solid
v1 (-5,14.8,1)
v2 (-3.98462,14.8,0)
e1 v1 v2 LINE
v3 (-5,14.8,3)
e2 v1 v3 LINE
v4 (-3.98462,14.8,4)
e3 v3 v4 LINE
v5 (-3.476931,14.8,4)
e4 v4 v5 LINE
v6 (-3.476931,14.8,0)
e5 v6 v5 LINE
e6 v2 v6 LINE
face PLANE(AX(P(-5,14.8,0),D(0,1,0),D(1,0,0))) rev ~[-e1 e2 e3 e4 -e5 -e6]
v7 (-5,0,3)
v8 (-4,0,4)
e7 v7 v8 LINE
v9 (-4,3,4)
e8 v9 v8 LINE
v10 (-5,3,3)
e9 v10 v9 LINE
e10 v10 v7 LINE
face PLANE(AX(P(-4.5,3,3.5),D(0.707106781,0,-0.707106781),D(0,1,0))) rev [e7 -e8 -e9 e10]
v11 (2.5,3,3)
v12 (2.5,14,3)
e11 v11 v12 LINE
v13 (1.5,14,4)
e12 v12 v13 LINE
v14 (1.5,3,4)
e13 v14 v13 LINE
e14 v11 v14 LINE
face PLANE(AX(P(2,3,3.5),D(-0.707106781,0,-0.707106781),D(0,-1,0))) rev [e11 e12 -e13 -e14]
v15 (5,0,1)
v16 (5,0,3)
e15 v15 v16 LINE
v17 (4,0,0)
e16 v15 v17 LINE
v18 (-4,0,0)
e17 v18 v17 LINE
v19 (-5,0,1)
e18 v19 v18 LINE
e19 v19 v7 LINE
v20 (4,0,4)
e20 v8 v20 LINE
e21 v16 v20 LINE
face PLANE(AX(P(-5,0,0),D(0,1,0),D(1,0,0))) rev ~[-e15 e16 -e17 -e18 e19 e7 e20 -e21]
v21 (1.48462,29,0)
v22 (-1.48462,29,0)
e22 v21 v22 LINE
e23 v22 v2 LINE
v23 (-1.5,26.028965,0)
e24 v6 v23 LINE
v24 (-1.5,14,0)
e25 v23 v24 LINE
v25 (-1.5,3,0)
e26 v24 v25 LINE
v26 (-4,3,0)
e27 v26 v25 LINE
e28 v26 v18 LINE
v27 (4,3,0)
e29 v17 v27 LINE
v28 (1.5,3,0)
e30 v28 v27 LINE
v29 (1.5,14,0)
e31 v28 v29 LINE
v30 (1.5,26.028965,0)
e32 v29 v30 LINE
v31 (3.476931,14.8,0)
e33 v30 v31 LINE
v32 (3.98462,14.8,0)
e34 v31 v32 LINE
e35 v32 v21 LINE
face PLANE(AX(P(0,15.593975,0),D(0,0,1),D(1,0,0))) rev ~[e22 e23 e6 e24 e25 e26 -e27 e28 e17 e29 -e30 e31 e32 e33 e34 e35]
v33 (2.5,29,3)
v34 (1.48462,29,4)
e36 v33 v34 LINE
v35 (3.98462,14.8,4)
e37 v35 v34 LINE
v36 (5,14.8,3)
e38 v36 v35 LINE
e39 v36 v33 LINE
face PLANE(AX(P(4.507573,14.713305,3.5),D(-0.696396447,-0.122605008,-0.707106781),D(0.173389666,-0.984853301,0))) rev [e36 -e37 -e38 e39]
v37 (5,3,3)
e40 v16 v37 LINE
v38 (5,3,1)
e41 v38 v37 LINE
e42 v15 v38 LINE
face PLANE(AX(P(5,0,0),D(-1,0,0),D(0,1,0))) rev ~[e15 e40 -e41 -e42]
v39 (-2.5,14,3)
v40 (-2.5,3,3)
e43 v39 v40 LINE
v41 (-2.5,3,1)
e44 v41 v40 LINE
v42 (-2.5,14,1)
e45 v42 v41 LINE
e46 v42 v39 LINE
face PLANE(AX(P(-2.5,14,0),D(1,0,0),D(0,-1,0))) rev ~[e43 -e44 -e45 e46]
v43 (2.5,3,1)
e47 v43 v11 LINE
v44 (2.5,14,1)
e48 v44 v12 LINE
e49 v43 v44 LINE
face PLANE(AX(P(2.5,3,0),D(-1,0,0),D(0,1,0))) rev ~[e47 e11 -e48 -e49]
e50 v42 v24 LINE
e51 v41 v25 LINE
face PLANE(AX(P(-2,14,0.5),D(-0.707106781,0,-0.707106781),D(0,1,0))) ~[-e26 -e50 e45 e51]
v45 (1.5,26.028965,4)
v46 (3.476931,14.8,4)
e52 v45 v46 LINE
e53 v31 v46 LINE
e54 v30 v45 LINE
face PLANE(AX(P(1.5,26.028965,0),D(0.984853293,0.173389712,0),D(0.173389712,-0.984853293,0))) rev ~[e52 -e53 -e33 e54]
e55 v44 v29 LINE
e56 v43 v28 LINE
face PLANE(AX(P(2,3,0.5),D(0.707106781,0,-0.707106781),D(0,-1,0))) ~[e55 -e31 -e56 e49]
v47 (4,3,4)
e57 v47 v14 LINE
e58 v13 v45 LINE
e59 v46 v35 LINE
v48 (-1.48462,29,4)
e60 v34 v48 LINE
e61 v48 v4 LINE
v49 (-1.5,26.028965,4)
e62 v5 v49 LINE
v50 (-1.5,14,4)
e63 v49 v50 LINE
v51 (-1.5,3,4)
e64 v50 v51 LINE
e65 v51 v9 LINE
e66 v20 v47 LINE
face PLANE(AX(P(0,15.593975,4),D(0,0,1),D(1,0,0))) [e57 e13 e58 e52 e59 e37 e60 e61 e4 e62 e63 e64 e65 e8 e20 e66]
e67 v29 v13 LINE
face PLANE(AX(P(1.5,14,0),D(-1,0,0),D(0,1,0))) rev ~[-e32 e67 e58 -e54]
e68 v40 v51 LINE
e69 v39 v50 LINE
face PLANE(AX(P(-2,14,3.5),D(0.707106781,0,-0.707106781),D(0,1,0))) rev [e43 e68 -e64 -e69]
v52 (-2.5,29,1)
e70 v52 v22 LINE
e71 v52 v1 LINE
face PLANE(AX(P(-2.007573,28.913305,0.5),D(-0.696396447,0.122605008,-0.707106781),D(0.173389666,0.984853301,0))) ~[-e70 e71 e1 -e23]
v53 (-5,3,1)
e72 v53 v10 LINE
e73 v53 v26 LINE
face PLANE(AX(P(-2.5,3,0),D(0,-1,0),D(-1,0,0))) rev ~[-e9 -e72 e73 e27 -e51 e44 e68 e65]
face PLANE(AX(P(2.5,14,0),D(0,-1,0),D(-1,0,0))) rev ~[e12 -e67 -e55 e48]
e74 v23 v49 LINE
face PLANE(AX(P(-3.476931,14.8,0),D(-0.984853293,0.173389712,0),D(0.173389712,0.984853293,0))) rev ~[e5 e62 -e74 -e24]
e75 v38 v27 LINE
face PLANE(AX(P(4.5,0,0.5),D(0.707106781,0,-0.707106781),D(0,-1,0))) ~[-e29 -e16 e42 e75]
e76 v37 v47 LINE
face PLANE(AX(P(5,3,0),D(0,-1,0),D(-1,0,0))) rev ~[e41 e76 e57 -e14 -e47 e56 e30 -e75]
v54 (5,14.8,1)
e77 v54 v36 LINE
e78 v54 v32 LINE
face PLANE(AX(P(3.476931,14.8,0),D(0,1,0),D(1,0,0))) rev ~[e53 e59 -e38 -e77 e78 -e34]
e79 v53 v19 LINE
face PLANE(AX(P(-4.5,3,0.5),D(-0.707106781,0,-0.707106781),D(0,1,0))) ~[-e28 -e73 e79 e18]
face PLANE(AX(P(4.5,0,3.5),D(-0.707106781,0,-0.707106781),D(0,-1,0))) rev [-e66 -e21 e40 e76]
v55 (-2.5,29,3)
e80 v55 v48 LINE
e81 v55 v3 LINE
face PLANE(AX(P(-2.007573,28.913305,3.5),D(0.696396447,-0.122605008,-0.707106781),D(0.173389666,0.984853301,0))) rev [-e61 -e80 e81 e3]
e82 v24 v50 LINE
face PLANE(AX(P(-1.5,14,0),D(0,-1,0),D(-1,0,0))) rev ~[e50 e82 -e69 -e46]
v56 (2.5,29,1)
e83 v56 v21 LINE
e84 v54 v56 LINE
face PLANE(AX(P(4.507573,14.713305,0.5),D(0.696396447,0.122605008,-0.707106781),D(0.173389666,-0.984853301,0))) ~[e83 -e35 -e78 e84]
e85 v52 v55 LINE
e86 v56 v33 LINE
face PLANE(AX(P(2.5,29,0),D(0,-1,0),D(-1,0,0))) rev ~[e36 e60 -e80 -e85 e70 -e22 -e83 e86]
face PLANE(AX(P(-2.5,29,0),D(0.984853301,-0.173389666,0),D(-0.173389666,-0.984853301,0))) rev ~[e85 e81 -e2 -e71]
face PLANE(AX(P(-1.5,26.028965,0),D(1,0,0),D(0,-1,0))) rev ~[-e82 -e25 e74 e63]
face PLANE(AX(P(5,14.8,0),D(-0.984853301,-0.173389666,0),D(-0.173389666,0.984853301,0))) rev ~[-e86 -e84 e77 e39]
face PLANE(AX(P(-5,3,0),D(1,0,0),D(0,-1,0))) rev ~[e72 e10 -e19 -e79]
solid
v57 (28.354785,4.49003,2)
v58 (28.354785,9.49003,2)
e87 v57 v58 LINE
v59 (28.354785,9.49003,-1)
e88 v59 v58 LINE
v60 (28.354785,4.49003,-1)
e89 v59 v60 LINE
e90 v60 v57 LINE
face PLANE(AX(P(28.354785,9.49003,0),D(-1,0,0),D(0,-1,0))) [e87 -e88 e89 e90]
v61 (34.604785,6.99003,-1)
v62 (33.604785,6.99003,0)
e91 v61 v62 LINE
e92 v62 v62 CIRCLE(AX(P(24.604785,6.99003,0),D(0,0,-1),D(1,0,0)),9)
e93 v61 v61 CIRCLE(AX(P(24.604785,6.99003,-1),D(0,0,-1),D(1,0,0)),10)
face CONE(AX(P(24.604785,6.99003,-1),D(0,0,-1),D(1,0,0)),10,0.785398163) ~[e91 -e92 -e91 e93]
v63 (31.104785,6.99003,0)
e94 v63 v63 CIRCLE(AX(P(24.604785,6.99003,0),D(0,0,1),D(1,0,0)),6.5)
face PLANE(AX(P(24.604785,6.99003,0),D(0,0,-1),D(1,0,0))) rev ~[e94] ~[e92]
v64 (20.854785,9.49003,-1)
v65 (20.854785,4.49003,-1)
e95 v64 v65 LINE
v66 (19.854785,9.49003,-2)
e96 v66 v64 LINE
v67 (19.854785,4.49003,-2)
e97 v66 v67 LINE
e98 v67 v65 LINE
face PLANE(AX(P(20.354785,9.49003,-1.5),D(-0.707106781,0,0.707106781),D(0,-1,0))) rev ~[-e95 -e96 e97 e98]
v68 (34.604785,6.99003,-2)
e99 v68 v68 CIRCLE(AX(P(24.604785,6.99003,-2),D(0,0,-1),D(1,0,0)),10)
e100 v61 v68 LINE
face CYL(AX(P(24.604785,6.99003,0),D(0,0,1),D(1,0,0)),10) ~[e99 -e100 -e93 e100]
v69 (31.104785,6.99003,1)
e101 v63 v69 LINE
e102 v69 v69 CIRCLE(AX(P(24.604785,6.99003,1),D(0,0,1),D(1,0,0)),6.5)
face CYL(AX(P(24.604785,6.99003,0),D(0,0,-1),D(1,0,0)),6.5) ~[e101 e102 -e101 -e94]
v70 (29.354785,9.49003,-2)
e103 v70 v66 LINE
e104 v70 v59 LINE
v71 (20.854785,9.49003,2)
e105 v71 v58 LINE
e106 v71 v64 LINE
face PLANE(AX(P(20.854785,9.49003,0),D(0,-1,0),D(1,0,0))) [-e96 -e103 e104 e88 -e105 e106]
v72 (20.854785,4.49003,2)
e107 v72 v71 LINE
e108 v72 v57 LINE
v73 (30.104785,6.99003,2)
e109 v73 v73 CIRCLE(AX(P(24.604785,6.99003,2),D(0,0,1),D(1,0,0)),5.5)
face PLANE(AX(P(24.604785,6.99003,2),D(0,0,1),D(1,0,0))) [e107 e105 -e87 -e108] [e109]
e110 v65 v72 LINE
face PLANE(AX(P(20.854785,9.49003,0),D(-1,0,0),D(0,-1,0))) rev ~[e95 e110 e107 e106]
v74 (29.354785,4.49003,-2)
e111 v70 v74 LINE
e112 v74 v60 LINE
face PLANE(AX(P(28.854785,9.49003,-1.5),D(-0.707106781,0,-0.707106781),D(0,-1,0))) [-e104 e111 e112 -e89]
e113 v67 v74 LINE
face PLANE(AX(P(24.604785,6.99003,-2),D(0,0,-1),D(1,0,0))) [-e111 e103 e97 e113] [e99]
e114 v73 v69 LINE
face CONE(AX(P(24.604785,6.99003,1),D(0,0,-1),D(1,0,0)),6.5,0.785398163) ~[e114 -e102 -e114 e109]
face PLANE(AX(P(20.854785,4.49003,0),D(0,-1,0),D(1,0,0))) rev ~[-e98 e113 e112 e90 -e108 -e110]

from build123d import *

# Parameters (mm, degrees)
F1_DEPTH = 4
F2_R     = 6.5
F2_W     = 7.5
F2_H     = 5
F3_DEPTH = 2
F4_SIZE  = 1
F5_SIZE  = 1
F6_R     = 10
F6_W     = 7.5
F6_H     = 5
F7_DEPTH = 2
F8_SIZE  = 1


with BuildPart() as f1:
    # F0 (on Top) → F1 (new body)
    with BuildSketch(Plane.XY):
        Polygon((-2.5, 29), (-5, 14.8), (-3.476931, 14.8), (-1.5, 26.028965), (-1.5, 14), (-2.5, 14), (-2.5, 3), (-5, 3), (-5, 0), (5, 0), (5, 3), (2.5, 3), (2.5, 14), (1.5, 14), (1.5, 26.028965), (3.476931, 14.8), (5, 14.8), (2.5, 29), align=None)
    extrude(amount=F1_DEPTH)

    # F4
    f4_edges = [f1.edges().sort_by_distance(p)[0] for p in [
        (2.5, 8.5, 0),
        (3.75, 21.9, 0),
        (-2.5, 8.5, 0),
        (-3.75, 21.9, 0),
        (-2.5, 8.5, 4),
        (2.5, 8.5, 4),
        (3.75, 21.9, 4),
        (-3.75, 21.9, 4),
    ]]
    chamfer(f4_edges, length=F4_SIZE)

    # F5
    f5_edges = [f1.edges().sort_by_distance(p)[0] for p in [
        (5, 1.5, 0),
        (-5, 1.5, 0),
        (-5, 1.5, 4),
        (5, 1.5, 4),
    ]]
    chamfer(f5_edges, length=F5_SIZE)


with BuildPart() as f3:
    # F2 (on Top) → F3 (new body)
    with BuildSketch(Plane.XY):
        with Locations((24.604785, 6.99003)):
            Circle(F2_R)
        with Locations((24.604785, 6.99003)):
            Rectangle(F2_W, F2_H, mode=Mode.SUBTRACT)
    extrude(amount=F3_DEPTH)

    # F6 (on face) → F7 (join)
    with BuildSketch(Plane(origin=(0, 0, 0), x_dir=(1, 0, 0), z_dir=(0, 0, -1))):
        with Locations((24.604785, -6.99003)):
            Circle(F6_R)
        with Locations((24.604785, -6.99003)):
            Rectangle(F6_W, F6_H, mode=Mode.SUBTRACT)
    extrude(amount=F7_DEPTH)

    # F8
    f8_edges = [f3.edges().sort_by_distance(p)[0] for p in [
        (20.854785, 6.99003, -2),
        (28.354785, 6.99003, -2),
        (18.104785, 6.99003, 2),
        (14.604785, 6.99003, 0),
    ]]
    chamfer(f8_edges, length=F8_SIZE)


solid = Compound([f1.part, f3.part])
